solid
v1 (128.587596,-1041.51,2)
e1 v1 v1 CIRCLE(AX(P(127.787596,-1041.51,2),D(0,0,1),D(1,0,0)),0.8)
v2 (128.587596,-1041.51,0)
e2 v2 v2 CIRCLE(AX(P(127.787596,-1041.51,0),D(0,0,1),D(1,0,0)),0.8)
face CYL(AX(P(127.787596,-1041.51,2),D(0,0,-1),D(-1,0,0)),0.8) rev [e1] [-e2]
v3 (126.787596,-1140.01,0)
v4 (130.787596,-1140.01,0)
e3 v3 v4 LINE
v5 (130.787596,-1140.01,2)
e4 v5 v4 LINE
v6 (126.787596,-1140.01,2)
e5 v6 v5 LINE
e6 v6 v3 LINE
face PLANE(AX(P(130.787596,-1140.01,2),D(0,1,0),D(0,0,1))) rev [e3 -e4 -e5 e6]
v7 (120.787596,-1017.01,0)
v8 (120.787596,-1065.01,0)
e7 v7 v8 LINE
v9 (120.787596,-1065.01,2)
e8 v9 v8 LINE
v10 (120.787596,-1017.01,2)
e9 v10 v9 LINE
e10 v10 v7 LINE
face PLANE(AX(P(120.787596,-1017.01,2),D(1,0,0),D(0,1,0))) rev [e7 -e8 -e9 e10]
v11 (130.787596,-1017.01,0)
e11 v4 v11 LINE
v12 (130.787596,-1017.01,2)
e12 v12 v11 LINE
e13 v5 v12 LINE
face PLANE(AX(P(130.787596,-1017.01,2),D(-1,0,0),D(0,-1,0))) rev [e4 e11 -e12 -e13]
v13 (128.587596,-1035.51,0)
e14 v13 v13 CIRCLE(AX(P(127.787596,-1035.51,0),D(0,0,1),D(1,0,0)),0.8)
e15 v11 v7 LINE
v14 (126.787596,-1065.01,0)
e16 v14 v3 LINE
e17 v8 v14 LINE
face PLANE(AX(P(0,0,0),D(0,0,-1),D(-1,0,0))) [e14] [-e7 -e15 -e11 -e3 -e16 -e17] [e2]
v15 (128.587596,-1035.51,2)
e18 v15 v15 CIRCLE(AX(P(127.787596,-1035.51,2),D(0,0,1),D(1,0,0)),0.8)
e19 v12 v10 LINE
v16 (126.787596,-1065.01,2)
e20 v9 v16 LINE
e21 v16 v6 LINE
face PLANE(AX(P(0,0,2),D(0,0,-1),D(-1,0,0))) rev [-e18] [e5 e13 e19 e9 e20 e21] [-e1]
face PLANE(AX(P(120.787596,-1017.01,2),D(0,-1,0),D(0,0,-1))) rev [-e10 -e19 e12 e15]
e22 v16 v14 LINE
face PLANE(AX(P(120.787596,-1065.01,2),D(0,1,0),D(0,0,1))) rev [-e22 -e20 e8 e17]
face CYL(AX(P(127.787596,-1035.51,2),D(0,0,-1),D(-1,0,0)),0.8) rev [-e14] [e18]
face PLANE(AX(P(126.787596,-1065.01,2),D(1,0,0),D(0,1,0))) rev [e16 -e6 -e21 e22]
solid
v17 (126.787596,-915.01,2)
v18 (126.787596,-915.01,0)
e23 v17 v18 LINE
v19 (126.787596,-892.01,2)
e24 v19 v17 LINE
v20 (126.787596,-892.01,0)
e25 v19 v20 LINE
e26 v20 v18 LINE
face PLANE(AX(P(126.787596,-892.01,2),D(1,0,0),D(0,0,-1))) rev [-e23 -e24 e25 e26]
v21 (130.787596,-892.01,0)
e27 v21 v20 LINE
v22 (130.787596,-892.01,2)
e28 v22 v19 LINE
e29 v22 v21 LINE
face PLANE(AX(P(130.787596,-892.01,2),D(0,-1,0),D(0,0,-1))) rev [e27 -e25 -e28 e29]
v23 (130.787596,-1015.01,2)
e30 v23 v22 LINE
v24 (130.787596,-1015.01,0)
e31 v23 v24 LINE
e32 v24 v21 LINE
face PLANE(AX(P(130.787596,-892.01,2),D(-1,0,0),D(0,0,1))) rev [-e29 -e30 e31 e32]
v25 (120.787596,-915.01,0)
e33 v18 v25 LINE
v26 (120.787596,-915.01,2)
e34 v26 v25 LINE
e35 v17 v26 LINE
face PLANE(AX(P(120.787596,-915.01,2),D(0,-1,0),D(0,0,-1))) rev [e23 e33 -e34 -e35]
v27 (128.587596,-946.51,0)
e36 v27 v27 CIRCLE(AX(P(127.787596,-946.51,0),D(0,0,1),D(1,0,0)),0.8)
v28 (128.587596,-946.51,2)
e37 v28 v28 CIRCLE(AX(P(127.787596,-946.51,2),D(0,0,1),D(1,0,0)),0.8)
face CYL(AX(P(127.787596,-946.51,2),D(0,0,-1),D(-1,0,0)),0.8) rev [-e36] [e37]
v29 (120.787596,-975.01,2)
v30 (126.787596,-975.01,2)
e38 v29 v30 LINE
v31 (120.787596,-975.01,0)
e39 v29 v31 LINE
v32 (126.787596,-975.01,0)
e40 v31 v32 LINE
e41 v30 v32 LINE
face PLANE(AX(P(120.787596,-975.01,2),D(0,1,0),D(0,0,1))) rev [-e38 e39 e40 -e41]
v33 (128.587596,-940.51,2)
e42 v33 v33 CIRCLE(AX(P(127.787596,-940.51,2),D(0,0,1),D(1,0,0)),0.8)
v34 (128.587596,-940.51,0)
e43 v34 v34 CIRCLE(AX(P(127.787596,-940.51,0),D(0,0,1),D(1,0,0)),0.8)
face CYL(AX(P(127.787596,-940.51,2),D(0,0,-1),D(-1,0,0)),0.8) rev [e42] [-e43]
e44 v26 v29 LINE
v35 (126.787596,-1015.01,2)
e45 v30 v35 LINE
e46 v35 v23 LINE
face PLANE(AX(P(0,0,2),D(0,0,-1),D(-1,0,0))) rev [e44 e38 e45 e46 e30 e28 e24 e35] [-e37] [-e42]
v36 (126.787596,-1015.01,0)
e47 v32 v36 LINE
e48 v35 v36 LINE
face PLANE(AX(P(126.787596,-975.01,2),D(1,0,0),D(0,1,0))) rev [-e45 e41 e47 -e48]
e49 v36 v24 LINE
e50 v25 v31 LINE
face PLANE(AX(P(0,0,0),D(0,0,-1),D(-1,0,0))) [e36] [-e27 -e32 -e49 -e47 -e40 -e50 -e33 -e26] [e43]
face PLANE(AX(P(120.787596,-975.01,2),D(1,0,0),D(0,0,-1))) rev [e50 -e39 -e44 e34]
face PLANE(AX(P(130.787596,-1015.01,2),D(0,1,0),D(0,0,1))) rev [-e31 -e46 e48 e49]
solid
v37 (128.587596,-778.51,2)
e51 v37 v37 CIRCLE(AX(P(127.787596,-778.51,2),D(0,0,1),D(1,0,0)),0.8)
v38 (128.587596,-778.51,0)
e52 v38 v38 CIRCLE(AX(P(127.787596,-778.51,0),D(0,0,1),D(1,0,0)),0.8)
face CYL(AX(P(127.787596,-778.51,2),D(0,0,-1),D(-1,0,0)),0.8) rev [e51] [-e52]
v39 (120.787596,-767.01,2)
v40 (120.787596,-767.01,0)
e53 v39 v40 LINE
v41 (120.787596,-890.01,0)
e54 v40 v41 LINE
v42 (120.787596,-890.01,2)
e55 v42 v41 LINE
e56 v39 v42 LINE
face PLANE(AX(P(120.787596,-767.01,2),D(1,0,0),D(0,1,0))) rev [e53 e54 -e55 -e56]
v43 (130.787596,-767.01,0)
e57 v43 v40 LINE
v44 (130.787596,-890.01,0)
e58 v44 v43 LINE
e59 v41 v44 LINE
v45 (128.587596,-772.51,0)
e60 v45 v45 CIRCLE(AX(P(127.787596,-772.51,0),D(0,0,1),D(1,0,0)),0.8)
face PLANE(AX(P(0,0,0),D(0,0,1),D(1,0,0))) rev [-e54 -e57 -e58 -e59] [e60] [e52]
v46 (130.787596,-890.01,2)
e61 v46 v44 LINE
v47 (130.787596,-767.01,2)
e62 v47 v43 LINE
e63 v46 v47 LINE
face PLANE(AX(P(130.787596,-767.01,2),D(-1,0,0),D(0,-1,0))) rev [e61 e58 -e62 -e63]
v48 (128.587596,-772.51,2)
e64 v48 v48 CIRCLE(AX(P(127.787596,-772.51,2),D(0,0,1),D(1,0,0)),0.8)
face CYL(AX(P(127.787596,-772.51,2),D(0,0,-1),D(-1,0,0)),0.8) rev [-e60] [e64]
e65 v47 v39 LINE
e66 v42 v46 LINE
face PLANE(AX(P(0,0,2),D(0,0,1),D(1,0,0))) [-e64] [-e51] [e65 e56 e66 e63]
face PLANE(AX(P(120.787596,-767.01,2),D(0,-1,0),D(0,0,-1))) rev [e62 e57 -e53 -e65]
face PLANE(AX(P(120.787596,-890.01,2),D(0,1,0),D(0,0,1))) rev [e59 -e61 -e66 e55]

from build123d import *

# Parameters (mm, degrees)
SKETCH_1_W        = 10
SKETCH_1_H        = 123
SKETCH_1_R        = 0.8
EXTRUDE_1_DEPTH   = 2
EXTRUDE_1_2_DEPTH = 2
EXTRUDE_1_3_DEPTH = 2


with BuildPart() as part:
    # 草图1 → 凸台-拉伸1 (new body)
    with BuildSketch(Plane.XY):
        with Locations((125.787596038, -828.51)):
            Rectangle(SKETCH_1_W, SKETCH_1_H)
        with Locations((127.787596038, -772.51)):
            Circle(SKETCH_1_R, mode=Mode.SUBTRACT)
        with Locations((127.787596038, -778.51)):
            Circle(SKETCH_1_R, mode=Mode.SUBTRACT)
    extrude(amount=EXTRUDE_1_DEPTH)


with BuildPart() as body_2:
    # 草图1 → Extrude 1 2 (new body)
    with BuildSketch(Plane.XY):
        Polygon((120.787596038, -975.01), (126.787596038, -975.01), (126.787596038, -1015.01), (130.787596038, -1015.01), (130.787596038, -985.01), (130.787596038, -925.01), (130.787596038, -892.01), (126.787596038, -892.01), (126.787596038, -915.01), (120.787596038, -915.01), align=None)
        with Locations((127.787596038, -940.51)):
            Circle(SKETCH_1_R, mode=Mode.SUBTRACT)
        with Locations((127.787596038, -946.51)):
            Circle(SKETCH_1_R, mode=Mode.SUBTRACT)
    extrude(amount=EXTRUDE_1_2_DEPTH)


with BuildPart() as body_3:
    # 草图1 → Extrude 1 3 (new body)
    with BuildSketch(Plane.XY):
        Polygon((120.787596038, -1017.01), (130.787596038, -1017.01), (130.787596038, -1076.01), (130.787596038, -1140.01), (126.787596038, -1140.01), (126.787596038, -1065.01), (120.787596038, -1065.01), align=None)
        with Locations((127.787596038, -1035.51)):
            Circle(SKETCH_1_R, mode=Mode.SUBTRACT)
        with Locations((127.787596038, -1041.51)):
            Circle(SKETCH_1_R, mode=Mode.SUBTRACT)
    extrude(amount=EXTRUDE_1_3_DEPTH)


solid = Compound([part.part, body_2.part, body_3.part])
